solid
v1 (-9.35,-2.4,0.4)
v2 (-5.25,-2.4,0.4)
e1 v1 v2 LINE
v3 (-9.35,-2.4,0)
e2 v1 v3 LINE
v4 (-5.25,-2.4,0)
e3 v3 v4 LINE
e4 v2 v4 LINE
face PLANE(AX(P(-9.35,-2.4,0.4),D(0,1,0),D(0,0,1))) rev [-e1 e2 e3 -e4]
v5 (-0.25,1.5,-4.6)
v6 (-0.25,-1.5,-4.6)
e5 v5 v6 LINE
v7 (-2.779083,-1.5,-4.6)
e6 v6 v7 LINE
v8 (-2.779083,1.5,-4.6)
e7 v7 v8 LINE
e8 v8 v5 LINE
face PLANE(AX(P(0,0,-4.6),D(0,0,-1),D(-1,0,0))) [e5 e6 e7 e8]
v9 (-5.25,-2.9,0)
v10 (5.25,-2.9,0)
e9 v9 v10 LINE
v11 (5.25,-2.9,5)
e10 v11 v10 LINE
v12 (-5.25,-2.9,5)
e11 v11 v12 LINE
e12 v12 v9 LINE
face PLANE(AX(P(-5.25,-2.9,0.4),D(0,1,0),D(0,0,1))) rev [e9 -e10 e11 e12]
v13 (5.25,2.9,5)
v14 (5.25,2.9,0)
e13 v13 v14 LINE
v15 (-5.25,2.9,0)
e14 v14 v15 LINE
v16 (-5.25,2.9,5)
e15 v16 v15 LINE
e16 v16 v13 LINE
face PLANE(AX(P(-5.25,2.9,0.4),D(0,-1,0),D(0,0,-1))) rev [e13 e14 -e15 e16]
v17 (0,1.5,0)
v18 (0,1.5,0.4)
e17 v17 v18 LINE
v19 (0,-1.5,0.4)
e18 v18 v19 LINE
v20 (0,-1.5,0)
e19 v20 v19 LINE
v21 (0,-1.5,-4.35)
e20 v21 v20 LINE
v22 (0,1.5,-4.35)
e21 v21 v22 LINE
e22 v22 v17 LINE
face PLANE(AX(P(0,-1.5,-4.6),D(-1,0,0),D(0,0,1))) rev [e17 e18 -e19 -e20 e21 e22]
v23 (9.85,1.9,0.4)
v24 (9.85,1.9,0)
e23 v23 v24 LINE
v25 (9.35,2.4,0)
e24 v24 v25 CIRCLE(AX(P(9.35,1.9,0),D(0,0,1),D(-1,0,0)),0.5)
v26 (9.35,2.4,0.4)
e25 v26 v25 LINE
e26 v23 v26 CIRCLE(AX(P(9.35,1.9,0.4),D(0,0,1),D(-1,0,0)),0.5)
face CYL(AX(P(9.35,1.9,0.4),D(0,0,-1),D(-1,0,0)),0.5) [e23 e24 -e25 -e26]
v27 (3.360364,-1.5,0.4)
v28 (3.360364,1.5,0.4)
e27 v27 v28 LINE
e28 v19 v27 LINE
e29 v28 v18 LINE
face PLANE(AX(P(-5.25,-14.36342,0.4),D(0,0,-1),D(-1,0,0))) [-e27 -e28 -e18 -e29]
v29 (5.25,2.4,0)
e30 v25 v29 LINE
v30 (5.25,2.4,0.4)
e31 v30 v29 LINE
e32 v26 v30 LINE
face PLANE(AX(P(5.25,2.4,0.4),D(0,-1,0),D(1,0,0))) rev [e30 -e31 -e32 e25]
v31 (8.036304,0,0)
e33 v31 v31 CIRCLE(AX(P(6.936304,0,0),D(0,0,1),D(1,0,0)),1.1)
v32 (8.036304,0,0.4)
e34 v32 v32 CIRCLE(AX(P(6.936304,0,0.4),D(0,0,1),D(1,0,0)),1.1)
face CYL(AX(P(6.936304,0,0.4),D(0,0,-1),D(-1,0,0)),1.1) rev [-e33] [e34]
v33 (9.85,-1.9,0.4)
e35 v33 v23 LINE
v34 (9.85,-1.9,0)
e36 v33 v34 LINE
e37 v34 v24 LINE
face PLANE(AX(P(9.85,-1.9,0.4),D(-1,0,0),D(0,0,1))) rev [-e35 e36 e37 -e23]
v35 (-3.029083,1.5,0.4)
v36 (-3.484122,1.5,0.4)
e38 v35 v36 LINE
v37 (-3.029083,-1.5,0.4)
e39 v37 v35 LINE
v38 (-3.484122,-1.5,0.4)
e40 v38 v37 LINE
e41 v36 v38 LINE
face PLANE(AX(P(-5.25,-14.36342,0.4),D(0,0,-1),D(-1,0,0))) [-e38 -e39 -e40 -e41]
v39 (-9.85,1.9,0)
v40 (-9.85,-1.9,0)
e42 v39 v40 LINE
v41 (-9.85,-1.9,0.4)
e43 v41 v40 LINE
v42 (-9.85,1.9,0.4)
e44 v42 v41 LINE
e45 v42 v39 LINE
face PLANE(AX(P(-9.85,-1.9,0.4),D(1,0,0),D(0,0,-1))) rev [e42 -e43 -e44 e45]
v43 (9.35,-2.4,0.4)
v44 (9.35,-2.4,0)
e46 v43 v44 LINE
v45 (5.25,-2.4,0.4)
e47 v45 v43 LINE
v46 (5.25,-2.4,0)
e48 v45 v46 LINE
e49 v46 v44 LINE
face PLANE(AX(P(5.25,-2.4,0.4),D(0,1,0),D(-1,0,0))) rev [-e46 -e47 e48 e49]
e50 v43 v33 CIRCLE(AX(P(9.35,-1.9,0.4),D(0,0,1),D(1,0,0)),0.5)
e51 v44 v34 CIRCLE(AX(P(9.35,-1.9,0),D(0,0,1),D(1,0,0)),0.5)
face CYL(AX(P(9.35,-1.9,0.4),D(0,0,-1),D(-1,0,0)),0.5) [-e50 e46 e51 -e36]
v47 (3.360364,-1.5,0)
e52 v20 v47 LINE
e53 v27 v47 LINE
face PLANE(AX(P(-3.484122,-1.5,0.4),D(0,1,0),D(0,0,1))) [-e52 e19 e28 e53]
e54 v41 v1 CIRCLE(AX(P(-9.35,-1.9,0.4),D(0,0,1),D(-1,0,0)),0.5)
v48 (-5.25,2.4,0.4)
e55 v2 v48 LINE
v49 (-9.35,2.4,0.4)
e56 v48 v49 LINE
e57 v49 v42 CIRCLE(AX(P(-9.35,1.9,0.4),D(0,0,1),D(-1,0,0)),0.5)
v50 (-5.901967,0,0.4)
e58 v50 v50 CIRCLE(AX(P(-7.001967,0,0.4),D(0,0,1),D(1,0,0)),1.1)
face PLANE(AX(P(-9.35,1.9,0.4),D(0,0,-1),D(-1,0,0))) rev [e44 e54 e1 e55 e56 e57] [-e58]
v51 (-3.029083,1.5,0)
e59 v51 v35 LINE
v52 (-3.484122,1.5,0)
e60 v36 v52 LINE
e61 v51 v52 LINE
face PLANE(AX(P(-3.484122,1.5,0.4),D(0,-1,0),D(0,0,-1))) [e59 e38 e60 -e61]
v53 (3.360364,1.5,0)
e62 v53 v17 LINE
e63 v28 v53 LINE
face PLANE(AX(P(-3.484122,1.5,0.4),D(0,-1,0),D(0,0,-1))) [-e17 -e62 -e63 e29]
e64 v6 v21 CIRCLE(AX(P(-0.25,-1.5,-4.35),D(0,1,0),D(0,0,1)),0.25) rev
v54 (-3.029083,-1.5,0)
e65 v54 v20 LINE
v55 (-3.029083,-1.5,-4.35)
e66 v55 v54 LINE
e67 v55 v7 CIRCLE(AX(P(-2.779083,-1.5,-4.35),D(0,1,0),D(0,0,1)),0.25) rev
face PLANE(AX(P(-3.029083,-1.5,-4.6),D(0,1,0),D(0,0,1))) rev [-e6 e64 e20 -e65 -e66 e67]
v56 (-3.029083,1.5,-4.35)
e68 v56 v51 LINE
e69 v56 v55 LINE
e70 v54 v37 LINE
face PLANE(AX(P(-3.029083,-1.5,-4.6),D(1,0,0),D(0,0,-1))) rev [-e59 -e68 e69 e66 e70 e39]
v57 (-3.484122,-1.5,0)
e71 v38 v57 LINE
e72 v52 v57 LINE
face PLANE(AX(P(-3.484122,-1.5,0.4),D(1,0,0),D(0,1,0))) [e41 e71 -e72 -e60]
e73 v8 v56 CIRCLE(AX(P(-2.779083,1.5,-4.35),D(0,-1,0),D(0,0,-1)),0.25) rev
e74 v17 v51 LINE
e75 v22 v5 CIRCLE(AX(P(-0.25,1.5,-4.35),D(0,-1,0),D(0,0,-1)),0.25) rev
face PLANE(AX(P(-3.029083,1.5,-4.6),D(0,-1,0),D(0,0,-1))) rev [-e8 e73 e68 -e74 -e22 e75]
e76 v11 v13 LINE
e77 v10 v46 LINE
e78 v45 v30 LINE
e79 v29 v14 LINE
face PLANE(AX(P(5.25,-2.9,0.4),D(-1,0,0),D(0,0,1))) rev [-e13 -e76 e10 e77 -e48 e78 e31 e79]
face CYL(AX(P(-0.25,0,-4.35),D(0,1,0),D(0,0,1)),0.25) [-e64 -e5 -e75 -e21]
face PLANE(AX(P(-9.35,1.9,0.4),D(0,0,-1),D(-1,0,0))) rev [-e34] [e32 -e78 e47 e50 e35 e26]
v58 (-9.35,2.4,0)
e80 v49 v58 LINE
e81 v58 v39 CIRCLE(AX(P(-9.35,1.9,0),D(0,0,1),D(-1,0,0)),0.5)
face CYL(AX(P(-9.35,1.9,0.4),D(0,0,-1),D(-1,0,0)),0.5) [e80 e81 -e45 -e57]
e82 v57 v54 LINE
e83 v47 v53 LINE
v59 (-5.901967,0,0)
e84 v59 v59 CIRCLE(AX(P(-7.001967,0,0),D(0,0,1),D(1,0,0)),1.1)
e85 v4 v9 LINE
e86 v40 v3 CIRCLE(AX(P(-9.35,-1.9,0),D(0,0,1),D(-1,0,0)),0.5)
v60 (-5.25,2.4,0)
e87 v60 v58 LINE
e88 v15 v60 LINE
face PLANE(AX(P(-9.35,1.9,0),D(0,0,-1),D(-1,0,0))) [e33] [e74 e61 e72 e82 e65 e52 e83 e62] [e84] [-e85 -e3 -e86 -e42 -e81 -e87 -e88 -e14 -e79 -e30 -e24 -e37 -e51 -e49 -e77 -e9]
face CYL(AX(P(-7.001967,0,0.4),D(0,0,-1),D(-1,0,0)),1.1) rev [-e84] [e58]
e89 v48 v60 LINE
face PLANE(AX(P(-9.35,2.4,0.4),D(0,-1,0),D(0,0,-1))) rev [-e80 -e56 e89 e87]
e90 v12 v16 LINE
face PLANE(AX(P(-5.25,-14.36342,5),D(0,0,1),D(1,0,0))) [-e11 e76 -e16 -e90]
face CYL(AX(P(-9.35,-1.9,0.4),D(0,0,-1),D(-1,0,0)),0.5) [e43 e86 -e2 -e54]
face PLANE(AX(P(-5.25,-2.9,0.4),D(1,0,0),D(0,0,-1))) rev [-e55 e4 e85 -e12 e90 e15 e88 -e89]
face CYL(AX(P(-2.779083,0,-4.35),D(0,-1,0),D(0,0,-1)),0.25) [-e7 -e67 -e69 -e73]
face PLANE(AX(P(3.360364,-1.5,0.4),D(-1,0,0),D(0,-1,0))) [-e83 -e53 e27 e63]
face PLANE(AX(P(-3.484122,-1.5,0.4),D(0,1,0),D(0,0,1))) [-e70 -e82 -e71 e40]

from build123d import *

# Parameters (mm, degrees)
ESQUISSE1_R        = 1.1
ESQUISSE1_W        = 6.844485425
ESQUISSE1_H        = 3
BOSS_EXTRU_1_DEPTH = 0.4
ESQUISSE3_W        = 10.5
ESQUISSE3_H        = 4.6
BOSS_EXTRU_3_DEPTH = 5.8
ESQUISSE4_W        = 3.029083023
ESQUISSE4_H        = 3
BOSS_EXTRU_4_DEPTH = 5
CONG_1_R           = 0.25


with BuildPart() as part:
    # Esquisse1 → Boss.-Extru.1 (new body)
    with BuildSketch(Plane.XY):
        with BuildLine():
            Line((-5.25, -2.9), (5.25, -2.9))
            Line((5.25, -2.9), (5.25, -2.4))
            Line((5.25, -2.4), (9.35, -2.4))
            ThreePointArc((9.35, -2.4), (9.703553391, -2.253553391), (9.85, -1.9))
            Line((9.85, -1.9), (9.85, 1.9))
            ThreePointArc((9.85, 1.9), (9.703553391, 2.253553391), (9.35, 2.4))
            Line((9.35, 2.4), (5.25, 2.4))
            Line((5.25, 2.4), (5.25, 2.9))
            Line((5.25, 2.9), (-5.25, 2.9))
            Line((-5.25, 2.9), (-5.25, 2.4))
            Line((-5.25, 2.4), (-9.35, 2.4))
            ThreePointArc((-9.35, 2.4), (-9.703553391, 2.253553391), (-9.85, 1.9))
            Line((-9.85, 1.9), (-9.85, -1.9))
            ThreePointArc((-9.85, -1.9), (-9.703553391, -2.253553391), (-9.35, -2.4))
            Line((-9.35, -2.4), (-5.25, -2.4))
            Line((-5.25, -2.4), (-5.25, -2.9))
        make_face()
        with Locations((-7.001967481, 0)):
            Circle(ESQUISSE1_R, mode=Mode.SUBTRACT)
        with Locations((6.936303644, 0)):
            Circle(ESQUISSE1_R, mode=Mode.SUBTRACT)
        with Locations((-0.061879176, 0)):
            Rectangle(ESQUISSE1_W, ESQUISSE1_H, mode=Mode.SUBTRACT)
    extrude(amount=BOSS_EXTRU_1_DEPTH)

    # Esquisse3 → Boss.-Extru.3 (add)
    with BuildSketch(Plane(origin=(0, 2.9, 0), x_dir=(1, 0, 0), z_dir=(0, 1, 0))):
        with Locations((0, -2.7)):
            Rectangle(ESQUISSE3_W, ESQUISSE3_H)
    extrude(amount=-BOSS_EXTRU_3_DEPTH)

    # Esquisse4 → Boss.-Extru.4 (add)
    with BuildSketch(Plane(origin=(0, 0, 0.4), x_dir=(-1, 0, 0), z_dir=(0, 0, -1))):
        with Locations((1.514541512, 0)):
            Rectangle(ESQUISSE4_W, ESQUISSE4_H)
    extrude(amount=BOSS_EXTRU_4_DEPTH)

    # Congé1
    cong_1_edges = [part.edges().sort_by_distance(p)[0] for p in [
        (-3.029083023, 0, -4.6),
        (0, 0, -4.6),
    ]]
    fillet(cong_1_edges, radius=CONG_1_R)


solid = part.part
